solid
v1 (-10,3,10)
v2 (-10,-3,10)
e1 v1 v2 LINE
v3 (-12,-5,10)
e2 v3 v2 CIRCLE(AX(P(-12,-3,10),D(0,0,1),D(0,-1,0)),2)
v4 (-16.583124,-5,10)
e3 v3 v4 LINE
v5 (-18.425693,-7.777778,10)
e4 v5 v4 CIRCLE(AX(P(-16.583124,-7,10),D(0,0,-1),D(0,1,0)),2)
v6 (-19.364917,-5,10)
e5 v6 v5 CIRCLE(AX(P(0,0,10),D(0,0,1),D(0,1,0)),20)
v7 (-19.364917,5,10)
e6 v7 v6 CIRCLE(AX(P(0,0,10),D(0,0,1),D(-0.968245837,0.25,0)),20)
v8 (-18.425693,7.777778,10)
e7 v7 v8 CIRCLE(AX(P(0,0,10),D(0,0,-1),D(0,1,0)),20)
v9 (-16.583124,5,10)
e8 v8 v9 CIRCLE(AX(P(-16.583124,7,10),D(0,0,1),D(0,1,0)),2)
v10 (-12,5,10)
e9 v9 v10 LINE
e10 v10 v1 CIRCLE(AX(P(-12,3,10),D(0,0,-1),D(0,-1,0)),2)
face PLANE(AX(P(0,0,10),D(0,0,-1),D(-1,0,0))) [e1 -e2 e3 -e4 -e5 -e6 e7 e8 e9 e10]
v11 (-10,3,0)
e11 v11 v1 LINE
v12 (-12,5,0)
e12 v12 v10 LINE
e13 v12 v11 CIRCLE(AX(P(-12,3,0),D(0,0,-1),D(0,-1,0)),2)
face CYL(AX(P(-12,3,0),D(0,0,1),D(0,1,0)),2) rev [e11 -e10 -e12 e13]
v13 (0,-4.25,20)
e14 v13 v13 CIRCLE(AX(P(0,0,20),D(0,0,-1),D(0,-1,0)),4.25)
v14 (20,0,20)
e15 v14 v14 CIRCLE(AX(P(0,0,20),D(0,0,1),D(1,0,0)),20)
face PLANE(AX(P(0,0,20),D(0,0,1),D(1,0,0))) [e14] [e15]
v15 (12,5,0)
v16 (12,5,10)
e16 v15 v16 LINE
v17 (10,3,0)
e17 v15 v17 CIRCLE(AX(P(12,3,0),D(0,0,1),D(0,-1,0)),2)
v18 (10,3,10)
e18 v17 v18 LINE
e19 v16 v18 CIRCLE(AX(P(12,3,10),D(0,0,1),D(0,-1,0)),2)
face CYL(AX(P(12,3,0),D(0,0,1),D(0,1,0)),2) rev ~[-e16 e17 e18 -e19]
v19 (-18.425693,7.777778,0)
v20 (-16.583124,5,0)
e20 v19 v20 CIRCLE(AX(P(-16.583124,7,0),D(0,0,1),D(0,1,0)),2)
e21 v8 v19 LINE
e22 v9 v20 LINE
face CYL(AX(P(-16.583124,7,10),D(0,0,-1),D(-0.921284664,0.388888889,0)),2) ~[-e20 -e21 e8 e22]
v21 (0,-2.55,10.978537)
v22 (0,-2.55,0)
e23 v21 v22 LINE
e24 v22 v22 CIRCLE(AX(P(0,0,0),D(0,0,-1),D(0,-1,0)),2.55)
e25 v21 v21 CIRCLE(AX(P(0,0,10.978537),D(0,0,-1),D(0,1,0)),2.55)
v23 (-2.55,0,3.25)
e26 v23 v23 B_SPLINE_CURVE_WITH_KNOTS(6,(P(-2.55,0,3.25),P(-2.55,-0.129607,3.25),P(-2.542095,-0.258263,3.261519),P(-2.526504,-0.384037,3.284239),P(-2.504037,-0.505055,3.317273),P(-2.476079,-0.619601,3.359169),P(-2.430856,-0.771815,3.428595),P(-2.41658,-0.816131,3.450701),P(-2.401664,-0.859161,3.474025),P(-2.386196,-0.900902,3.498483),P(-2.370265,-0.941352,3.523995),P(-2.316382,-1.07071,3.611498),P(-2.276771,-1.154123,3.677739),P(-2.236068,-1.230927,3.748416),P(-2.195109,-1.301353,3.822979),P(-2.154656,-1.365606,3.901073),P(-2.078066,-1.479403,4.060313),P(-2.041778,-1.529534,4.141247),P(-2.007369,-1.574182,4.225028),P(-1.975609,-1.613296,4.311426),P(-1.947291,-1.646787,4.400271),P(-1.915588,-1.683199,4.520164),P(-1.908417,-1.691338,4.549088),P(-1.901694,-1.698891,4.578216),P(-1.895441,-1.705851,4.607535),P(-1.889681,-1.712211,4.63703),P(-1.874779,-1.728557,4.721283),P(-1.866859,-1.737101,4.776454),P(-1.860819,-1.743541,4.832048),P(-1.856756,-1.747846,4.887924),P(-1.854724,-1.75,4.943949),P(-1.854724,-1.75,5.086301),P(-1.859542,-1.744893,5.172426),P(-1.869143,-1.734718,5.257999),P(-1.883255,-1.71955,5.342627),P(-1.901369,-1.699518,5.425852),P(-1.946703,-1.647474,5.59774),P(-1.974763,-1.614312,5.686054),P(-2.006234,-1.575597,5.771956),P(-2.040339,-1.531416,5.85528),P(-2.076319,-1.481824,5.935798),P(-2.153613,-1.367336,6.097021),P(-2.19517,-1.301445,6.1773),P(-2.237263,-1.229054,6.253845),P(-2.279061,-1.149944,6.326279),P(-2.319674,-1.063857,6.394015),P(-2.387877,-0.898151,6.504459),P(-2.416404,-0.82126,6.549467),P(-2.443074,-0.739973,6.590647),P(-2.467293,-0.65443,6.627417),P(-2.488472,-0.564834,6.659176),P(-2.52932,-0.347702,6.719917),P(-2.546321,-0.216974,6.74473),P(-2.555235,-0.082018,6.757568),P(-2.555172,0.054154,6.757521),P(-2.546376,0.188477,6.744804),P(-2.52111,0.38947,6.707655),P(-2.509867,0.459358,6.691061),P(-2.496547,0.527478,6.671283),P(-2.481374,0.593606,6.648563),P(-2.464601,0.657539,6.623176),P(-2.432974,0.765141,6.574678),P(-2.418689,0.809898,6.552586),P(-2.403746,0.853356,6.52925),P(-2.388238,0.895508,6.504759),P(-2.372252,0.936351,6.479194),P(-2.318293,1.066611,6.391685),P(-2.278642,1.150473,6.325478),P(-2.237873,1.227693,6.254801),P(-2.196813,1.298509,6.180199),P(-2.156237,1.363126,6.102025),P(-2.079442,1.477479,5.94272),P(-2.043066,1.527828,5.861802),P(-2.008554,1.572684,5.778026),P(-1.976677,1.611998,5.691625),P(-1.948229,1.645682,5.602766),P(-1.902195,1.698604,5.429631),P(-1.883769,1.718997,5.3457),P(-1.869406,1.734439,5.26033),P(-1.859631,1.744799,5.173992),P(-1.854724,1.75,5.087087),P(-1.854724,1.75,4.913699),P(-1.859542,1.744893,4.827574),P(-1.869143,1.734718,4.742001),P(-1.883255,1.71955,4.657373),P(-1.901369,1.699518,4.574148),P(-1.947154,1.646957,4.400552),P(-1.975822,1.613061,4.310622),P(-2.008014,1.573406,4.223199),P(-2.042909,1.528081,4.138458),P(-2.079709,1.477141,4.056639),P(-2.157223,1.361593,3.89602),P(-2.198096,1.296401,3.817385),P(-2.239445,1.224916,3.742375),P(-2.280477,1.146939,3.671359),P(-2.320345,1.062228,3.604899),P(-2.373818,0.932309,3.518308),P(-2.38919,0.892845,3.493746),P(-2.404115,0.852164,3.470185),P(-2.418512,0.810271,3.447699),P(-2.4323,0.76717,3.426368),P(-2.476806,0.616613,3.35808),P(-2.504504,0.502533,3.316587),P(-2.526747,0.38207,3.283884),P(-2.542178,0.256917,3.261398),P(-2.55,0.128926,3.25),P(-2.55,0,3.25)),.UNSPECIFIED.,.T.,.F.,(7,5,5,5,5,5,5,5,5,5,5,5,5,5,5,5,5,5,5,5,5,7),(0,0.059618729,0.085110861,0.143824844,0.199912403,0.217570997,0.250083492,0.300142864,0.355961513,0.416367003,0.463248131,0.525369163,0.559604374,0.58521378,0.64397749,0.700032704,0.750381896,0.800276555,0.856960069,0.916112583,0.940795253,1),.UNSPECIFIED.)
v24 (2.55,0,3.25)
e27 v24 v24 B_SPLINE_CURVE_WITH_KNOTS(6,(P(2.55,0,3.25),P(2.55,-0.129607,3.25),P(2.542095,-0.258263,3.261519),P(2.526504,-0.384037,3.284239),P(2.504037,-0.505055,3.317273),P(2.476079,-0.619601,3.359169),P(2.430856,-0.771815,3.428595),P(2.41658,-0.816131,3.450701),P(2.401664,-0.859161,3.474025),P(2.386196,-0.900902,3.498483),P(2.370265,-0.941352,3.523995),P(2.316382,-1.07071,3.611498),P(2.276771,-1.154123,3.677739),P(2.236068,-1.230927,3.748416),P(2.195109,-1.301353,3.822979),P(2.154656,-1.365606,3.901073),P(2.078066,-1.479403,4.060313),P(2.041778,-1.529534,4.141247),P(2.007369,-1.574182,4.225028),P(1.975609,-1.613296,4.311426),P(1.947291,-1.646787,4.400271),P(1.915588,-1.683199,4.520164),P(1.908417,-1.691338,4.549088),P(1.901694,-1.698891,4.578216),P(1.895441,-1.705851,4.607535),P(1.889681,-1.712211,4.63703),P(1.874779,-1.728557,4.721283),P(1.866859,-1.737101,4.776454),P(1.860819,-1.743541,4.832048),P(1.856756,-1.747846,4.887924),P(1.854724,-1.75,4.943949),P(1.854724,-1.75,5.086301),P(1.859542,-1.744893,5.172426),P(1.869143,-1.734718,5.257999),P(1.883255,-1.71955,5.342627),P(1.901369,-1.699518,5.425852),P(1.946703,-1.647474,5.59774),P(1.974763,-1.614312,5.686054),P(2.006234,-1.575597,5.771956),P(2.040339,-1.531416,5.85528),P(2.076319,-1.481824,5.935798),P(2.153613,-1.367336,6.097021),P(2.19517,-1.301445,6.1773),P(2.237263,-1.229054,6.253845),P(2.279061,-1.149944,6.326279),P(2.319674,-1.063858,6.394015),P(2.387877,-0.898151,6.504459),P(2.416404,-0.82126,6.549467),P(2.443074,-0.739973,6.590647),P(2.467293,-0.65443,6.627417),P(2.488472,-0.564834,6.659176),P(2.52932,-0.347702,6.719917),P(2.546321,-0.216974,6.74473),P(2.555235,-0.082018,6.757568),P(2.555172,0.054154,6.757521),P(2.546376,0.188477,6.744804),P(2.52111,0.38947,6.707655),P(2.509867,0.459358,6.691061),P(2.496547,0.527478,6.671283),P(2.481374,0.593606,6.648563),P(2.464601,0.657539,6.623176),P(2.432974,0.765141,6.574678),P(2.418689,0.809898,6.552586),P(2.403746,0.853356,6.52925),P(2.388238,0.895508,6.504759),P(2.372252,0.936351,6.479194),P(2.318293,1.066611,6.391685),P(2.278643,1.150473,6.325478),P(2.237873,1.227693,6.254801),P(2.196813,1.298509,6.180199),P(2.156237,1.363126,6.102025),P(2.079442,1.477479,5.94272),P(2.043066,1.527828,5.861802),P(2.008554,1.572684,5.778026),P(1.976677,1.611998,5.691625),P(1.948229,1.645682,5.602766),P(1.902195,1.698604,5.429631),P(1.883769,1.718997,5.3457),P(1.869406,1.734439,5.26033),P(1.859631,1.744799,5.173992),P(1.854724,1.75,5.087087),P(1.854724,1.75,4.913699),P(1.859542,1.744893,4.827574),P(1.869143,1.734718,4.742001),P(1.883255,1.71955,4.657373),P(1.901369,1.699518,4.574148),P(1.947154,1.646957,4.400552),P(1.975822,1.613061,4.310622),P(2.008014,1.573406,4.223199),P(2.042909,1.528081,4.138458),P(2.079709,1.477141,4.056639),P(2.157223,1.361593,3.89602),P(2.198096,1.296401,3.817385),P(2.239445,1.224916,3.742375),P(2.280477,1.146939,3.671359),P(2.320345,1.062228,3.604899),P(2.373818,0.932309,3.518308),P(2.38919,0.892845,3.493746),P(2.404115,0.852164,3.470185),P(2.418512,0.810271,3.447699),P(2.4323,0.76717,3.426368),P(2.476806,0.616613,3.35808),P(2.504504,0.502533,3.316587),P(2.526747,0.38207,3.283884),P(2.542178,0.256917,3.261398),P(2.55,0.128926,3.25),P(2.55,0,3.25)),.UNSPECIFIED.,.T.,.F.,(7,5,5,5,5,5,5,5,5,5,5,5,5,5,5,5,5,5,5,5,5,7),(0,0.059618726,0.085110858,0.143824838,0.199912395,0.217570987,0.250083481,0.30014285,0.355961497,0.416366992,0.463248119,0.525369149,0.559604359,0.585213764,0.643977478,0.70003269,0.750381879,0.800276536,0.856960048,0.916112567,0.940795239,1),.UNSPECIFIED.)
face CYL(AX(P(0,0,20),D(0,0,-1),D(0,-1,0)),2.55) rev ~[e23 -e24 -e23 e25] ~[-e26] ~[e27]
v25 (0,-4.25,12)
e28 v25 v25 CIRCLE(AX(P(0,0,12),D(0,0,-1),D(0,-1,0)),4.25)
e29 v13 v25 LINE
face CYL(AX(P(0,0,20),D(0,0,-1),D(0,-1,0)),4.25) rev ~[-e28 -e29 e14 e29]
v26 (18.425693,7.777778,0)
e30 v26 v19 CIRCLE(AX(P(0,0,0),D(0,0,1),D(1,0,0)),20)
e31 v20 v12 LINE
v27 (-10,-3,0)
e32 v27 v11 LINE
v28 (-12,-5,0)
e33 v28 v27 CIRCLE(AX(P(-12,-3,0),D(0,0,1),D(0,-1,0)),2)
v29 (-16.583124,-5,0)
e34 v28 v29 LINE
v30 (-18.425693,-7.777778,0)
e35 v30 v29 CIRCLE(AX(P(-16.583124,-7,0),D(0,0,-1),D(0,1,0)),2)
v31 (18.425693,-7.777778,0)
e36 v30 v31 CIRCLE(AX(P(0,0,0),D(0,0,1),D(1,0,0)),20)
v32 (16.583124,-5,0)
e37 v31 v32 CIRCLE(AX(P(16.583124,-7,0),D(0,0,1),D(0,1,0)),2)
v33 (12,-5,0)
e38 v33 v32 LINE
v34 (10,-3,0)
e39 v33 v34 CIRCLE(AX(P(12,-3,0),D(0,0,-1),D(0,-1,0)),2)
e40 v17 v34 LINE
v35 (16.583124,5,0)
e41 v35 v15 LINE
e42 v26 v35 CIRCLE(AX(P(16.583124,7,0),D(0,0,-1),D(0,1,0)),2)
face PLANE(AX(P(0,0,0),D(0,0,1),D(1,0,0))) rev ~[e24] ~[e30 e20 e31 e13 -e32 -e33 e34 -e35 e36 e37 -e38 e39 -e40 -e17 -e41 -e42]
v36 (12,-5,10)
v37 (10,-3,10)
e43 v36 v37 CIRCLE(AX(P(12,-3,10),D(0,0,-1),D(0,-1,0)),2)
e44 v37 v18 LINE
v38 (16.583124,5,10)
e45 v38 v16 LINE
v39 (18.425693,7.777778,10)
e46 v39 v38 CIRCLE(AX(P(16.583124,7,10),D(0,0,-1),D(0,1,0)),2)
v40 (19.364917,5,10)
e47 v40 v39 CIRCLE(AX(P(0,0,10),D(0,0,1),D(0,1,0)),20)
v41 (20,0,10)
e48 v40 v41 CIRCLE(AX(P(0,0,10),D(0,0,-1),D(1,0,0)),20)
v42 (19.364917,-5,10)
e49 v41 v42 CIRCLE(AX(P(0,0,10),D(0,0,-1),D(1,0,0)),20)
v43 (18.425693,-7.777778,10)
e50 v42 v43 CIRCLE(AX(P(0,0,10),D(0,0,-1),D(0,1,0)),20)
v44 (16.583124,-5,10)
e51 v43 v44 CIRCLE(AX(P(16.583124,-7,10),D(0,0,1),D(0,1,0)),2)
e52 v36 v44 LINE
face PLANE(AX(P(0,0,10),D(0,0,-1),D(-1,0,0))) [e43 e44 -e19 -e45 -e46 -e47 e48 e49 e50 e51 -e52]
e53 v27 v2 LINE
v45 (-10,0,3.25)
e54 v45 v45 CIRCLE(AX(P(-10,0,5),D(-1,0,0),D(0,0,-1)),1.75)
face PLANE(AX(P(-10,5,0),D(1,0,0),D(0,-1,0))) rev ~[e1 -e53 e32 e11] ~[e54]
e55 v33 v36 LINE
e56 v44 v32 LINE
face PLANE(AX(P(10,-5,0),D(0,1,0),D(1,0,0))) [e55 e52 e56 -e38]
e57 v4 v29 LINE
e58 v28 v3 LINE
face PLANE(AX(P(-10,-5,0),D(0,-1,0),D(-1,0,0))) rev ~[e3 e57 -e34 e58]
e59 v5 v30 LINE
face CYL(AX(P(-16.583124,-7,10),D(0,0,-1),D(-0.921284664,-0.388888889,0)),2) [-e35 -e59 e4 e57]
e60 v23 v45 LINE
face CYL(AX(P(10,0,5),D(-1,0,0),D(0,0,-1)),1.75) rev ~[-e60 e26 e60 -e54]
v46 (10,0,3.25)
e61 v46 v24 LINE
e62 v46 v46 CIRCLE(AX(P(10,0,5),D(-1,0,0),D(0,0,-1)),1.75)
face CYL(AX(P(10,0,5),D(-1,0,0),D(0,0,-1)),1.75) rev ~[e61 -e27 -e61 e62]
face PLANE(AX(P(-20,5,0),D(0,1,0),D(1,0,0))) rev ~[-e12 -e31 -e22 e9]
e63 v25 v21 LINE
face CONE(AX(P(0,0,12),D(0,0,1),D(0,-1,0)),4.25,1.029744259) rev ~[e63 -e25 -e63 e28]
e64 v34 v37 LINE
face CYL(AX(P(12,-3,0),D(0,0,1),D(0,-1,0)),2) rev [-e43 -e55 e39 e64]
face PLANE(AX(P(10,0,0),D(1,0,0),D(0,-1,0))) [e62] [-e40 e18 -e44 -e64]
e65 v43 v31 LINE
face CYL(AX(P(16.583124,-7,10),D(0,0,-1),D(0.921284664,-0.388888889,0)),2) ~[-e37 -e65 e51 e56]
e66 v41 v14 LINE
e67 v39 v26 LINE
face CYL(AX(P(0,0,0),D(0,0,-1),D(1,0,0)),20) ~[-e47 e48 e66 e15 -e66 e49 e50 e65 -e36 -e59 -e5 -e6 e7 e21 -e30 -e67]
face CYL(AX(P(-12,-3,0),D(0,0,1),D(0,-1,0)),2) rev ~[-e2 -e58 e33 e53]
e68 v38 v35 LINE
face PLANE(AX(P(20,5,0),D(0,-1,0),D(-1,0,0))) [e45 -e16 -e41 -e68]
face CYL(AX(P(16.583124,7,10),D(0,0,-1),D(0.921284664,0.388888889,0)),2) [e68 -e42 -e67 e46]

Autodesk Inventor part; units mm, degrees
ref_plane "YZ Plane" through (0, 0, 0) normal (1, 0, 0) x (0, 1, 0)
ref_plane "XZ Plane" through (0, 0, 0) normal (0, 1, 0) x (-1, 0, 0)
ref_plane "XY Plane" through (0, 0, 0) normal (0, 0, 1) x (1, 0, 0)
sketch "Sketch1" plane through (0, 0, 0) normal (0, 0, 1) x (1, 0, 0)
  point P0 (0, 0)
sketch "Sketch2" plane through (0, 0, 0) normal (0, 0, 1) x (1, 0, 0)
  circle A0 centre (0, 0) radius 20
  dimension "d0" = 40
extrude "Extrusion1" add sketch "Sketch2" along normal blind 20
sketch "Sketch3" plane through (0, 0, 20) normal (0, 0, 1) x (1, 0, 0)
  point P0 (0, 0)
  point P1 (0, 0)
hole "Hole1" at (0, 0, 20) direction (0, 0, -1) diameter 5.1 end through all
sketch "Sketch4" plane through (0, 0, 20) normal (0, 0, 1) x (1, 0, 0)
  point P0 (0, 0)
  point P1 (0, 0)
hole "Hole2" at (0, 0, 20) direction (0, 0, -1) diameter 8.5 depth 8 tip angle 118
sketch "Sketch5" plane through (0, 0, 0) normal (0, 0, -1) x (-1, 0, 0)
  line L0 (0, 0) -> (-10, 0)
  line L1 (-10, 0) -> (10, 0)
  line L2 (10, 0) -> (10, -5)
  line L3 (10, -5) -> (20, -5)
  line L4 (20, -5) -> (20, 5)
  line L5 (20, 5) -> (10, 5)
  line L6 (10, 5) -> (10, -5)
  line L7 (-10, -5) -> (-20, -5)
  line L8 (-20, -5) -> (-20, 5)
  line L9 (-20, 5) -> (-10, 5)
  line L10 (-10, 5) -> (-10, -5)
  dimension "d17" = 10
  dimension "d18" = 20
  dimension "d19" = 5
  dimension "d20" = 10
  dimension "d21" = 10
extrude "Extrusion2" cut sketch "Sketch5" against normal blind 10
sketch "Sketch6" plane through (10, -5, 0) normal (1, 0, 0) x (0, 0, -1)
  line L0 (0, 5) -> (-10, 5)
  line L1 (-10, 0) -> (-10, 10) projected
  point P0 (-5, 5)
hole "Hole3" at (10, 0, 5) direction (-1, 0, 0) diameter 3.5 end through all
fillet "Fillet1" radius 2 8 edges at (10, 5, 5) (10, -5, 5) (19.3649, -5, 5) (19.3649, 5, 5) (-19.3649, 5, 5) (-19.3649, -5, 5) (-10, 5, 5) (-10, -5, 5)
properties part number "Tripod Mount"
